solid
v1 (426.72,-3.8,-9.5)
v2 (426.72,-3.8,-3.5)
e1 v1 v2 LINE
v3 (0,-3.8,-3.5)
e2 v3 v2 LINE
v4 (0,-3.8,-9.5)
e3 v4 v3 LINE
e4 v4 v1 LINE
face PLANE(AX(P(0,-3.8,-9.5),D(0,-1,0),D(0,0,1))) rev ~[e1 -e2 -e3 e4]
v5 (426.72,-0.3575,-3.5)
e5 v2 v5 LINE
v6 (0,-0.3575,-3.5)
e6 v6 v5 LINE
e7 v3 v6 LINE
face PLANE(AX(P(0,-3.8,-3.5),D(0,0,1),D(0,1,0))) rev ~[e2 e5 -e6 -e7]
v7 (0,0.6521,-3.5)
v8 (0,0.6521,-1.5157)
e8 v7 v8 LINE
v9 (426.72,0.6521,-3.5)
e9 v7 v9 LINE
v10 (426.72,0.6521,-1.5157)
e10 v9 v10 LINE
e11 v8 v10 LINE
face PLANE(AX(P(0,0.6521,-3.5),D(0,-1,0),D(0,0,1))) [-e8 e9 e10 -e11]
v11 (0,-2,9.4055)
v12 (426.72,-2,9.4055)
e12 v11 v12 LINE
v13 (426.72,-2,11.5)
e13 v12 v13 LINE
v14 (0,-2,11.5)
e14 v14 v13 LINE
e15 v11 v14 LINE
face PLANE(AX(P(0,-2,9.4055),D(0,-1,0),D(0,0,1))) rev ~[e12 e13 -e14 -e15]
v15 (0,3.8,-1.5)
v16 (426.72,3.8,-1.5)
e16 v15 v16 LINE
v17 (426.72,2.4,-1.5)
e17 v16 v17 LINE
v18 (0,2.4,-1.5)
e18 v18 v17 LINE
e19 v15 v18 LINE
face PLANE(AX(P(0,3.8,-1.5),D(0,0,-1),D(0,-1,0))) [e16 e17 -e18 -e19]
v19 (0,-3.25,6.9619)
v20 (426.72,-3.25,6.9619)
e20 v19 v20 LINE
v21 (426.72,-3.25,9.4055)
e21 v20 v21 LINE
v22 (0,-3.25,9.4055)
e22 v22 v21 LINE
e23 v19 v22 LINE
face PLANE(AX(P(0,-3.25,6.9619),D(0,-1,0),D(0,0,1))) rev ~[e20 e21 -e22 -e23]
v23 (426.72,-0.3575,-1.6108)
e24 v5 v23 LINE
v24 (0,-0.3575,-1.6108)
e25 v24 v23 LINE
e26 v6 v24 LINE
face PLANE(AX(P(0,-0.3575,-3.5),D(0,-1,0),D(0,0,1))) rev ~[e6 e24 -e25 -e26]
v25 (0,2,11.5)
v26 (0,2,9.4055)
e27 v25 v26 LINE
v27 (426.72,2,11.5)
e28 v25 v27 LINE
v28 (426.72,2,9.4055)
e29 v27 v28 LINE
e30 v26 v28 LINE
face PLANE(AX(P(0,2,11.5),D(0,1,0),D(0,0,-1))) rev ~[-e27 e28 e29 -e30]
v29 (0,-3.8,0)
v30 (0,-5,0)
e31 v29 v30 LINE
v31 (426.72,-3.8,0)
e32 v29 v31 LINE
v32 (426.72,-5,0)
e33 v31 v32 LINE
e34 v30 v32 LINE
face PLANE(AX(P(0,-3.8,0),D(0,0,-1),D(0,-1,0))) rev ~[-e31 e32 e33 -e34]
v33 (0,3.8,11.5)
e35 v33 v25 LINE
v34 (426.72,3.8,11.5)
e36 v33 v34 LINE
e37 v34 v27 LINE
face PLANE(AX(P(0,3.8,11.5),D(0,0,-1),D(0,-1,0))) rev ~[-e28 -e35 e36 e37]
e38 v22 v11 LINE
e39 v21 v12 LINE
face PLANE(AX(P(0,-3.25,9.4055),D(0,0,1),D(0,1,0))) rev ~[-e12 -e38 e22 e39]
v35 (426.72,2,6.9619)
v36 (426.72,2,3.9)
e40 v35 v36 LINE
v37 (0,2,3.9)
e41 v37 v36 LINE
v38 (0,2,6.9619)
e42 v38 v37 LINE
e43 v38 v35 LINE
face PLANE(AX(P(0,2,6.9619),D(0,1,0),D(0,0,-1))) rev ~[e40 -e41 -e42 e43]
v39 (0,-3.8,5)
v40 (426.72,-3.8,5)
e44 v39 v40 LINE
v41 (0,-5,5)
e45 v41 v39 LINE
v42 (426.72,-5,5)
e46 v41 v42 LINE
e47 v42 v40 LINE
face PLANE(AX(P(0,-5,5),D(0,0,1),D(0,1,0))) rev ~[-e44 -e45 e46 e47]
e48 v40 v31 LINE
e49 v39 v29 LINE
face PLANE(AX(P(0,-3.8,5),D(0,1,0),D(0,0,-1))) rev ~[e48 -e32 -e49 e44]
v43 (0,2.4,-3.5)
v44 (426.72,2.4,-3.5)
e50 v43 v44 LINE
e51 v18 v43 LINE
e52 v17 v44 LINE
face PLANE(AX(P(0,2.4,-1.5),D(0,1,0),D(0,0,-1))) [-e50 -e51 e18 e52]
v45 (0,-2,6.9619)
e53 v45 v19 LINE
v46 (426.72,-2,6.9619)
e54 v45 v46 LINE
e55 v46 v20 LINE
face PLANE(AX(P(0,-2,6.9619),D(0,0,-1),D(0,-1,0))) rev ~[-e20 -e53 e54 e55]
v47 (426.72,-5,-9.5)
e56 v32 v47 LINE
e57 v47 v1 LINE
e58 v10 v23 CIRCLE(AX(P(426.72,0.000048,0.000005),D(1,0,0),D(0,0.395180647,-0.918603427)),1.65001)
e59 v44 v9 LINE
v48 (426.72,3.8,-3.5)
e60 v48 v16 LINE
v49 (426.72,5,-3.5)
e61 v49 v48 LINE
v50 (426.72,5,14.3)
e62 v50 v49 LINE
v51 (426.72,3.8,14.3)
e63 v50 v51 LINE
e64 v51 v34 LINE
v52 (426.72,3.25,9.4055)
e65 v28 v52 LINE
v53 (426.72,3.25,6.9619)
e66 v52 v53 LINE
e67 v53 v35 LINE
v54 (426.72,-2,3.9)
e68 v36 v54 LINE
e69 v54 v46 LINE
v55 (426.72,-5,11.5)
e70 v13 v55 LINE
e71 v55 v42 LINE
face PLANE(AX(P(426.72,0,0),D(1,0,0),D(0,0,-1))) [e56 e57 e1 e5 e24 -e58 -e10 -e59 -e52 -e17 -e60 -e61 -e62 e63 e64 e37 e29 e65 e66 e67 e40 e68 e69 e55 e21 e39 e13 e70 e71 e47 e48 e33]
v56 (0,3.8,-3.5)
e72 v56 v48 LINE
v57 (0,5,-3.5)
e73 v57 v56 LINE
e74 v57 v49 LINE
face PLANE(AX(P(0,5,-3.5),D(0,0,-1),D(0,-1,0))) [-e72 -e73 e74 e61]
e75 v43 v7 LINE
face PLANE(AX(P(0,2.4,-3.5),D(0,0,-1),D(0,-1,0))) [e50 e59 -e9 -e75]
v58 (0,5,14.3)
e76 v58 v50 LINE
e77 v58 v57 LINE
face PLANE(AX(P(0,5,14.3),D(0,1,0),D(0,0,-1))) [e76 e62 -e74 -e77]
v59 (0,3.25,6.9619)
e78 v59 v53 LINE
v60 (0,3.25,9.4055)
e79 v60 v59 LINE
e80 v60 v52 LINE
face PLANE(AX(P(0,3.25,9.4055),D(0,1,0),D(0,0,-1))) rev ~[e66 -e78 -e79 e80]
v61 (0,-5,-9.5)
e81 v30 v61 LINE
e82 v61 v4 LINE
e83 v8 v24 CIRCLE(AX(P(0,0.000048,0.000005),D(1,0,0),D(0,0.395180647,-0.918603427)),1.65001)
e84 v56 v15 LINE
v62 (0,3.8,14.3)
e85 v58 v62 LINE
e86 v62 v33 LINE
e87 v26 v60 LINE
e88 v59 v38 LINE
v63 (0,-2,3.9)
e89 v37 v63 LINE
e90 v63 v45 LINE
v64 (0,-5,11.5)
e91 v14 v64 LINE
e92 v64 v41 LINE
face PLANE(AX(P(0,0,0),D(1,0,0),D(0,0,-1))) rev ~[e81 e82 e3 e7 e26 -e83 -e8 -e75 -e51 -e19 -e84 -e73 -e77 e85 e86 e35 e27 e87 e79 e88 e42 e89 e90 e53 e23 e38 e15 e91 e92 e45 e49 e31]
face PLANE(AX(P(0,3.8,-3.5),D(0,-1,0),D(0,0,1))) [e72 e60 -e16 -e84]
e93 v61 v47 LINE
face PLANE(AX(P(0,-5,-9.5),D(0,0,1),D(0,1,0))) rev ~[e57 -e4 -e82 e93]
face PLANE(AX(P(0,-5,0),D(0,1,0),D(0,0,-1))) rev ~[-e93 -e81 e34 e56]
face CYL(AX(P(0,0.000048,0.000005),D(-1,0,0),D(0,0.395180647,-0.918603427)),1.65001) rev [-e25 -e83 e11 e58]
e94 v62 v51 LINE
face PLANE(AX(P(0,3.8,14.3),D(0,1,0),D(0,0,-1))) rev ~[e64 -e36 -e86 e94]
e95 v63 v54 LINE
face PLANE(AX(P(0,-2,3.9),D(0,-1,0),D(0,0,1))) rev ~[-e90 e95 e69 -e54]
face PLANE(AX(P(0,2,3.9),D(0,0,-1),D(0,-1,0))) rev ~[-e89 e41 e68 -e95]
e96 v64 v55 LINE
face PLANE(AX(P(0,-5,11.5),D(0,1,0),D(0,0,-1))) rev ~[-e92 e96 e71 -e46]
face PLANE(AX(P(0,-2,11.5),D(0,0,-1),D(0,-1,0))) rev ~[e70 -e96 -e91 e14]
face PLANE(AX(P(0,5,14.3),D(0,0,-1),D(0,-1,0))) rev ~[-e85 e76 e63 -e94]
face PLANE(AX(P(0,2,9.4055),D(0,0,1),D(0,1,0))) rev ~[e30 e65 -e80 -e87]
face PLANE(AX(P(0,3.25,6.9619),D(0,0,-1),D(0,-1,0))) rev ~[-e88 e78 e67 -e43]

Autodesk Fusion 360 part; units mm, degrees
sketch "Sketch1" plane through (0, 0, 0) normal (1, 0, 0) x (0, 0, -1)
  line L0 (-14.3, 5) -> (3.5, 5)
  line L1 (3.5, 5) -> (3.5, 3.8)
  line L2 (3.5, 3.8) -> (1.5, 3.8)
  line L3 (1.5, 3.8) -> (1.5, 2.4)
  line L4 (1.5, 2.4) -> (3.5, 2.4)
  line L5 (3.5, 2.4) -> (3.5, 0.6521)
  line L6 (3.5, 0.6521) -> (1.5157, 0.6521)
  line L7 (-14.3, 5) -> (-14.3, 3.8)
  line L8 (-14.3, 3.8) -> (-11.5, 3.8)
  line L9 (-11.5, 3.8) -> (-11.5, 2)
  line L10 (-11.5, 2) -> (-9.4055, 2)
  line L11 (-9.4055, 2) -> (-9.4055, 3.25)
  line L12 (-9.4055, 3.25) -> (-6.9619, 3.25)
  line L13 (-6.9619, 3.25) -> (-6.9619, 2)
  line L14 (-6.9619, 2) -> (-3.9, 2)
  line L15 (-3.9, 2) -> (-3.9, -2)
  line L16 (-3.9, -2) -> (-6.9619, -2)
  line L17 (-6.9619, -2) -> (-6.9619, -3.25)
  line L18 (-6.9619, -3.25) -> (-9.4055, -3.25)
  line L19 (-9.4055, -3.25) -> (-9.4055, -2)
  line L20 (-9.4055, -2) -> (-11.5, -2)
  line L21 (-11.5, -2) -> (-11.5, -5)
  line L22 (-11.5, -5) -> (-5, -5)
  line L23 (-5, -5) -> (-5, -3.8)
  line L24 (-5, -3.8) -> (0, -3.8)
  line L25 (0, -3.8) -> (0, -5)
  line L26 (0, -5) -> (9.5, -5)
  line L27 (9.5, -5) -> (9.5, -3.8)
  line L28 (9.5, -3.8) -> (3.5, -3.8)
  line L29 (3.5, -3.8) -> (3.5, -0.3575)
  line L30 (3.5, -0.3575) -> (1.6108, -0.3575)
  arc A0 (1.5157, 0.6521) -> (1.6108, -0.3575) centre (0, 0) ccw
  dimension "d1" = 5
  dimension "d2" = 6.5
  dimension "d3" = 4
  dimension "d4" = 3
  dimension "d5" = 1.2
  dimension "d6" = 10
  dimension "d7" = 2.8
  dimension "d8" = 7.6
  dimension "d9" = 1.4
  dimension "d10" = 1.2
  dimension "d11" = 6
  dimension "d12" = 9.5
  dimension "d13" = 2
  dimension "d14" = 23.8
  dimension "d15" = 1.2
  dimension "d16" = 1.65
  dimension "d17" = 3.5
  dimension "d18" = 3.8
  dimension "d19" = 5
  dimension "d20" = 1.75
extrude "Extrude1" add sketch "Sketch1" along normal blind 426.72
equation "d16 = ( 3.3 / 2 ) * 1 mm"
equation "d20 = ( d6 - d2 ) / 2"
equation "d21 = hp_constant * hp_units"
equation "hp_units = 84"
equation "hp_constant = 5.08 mm"
